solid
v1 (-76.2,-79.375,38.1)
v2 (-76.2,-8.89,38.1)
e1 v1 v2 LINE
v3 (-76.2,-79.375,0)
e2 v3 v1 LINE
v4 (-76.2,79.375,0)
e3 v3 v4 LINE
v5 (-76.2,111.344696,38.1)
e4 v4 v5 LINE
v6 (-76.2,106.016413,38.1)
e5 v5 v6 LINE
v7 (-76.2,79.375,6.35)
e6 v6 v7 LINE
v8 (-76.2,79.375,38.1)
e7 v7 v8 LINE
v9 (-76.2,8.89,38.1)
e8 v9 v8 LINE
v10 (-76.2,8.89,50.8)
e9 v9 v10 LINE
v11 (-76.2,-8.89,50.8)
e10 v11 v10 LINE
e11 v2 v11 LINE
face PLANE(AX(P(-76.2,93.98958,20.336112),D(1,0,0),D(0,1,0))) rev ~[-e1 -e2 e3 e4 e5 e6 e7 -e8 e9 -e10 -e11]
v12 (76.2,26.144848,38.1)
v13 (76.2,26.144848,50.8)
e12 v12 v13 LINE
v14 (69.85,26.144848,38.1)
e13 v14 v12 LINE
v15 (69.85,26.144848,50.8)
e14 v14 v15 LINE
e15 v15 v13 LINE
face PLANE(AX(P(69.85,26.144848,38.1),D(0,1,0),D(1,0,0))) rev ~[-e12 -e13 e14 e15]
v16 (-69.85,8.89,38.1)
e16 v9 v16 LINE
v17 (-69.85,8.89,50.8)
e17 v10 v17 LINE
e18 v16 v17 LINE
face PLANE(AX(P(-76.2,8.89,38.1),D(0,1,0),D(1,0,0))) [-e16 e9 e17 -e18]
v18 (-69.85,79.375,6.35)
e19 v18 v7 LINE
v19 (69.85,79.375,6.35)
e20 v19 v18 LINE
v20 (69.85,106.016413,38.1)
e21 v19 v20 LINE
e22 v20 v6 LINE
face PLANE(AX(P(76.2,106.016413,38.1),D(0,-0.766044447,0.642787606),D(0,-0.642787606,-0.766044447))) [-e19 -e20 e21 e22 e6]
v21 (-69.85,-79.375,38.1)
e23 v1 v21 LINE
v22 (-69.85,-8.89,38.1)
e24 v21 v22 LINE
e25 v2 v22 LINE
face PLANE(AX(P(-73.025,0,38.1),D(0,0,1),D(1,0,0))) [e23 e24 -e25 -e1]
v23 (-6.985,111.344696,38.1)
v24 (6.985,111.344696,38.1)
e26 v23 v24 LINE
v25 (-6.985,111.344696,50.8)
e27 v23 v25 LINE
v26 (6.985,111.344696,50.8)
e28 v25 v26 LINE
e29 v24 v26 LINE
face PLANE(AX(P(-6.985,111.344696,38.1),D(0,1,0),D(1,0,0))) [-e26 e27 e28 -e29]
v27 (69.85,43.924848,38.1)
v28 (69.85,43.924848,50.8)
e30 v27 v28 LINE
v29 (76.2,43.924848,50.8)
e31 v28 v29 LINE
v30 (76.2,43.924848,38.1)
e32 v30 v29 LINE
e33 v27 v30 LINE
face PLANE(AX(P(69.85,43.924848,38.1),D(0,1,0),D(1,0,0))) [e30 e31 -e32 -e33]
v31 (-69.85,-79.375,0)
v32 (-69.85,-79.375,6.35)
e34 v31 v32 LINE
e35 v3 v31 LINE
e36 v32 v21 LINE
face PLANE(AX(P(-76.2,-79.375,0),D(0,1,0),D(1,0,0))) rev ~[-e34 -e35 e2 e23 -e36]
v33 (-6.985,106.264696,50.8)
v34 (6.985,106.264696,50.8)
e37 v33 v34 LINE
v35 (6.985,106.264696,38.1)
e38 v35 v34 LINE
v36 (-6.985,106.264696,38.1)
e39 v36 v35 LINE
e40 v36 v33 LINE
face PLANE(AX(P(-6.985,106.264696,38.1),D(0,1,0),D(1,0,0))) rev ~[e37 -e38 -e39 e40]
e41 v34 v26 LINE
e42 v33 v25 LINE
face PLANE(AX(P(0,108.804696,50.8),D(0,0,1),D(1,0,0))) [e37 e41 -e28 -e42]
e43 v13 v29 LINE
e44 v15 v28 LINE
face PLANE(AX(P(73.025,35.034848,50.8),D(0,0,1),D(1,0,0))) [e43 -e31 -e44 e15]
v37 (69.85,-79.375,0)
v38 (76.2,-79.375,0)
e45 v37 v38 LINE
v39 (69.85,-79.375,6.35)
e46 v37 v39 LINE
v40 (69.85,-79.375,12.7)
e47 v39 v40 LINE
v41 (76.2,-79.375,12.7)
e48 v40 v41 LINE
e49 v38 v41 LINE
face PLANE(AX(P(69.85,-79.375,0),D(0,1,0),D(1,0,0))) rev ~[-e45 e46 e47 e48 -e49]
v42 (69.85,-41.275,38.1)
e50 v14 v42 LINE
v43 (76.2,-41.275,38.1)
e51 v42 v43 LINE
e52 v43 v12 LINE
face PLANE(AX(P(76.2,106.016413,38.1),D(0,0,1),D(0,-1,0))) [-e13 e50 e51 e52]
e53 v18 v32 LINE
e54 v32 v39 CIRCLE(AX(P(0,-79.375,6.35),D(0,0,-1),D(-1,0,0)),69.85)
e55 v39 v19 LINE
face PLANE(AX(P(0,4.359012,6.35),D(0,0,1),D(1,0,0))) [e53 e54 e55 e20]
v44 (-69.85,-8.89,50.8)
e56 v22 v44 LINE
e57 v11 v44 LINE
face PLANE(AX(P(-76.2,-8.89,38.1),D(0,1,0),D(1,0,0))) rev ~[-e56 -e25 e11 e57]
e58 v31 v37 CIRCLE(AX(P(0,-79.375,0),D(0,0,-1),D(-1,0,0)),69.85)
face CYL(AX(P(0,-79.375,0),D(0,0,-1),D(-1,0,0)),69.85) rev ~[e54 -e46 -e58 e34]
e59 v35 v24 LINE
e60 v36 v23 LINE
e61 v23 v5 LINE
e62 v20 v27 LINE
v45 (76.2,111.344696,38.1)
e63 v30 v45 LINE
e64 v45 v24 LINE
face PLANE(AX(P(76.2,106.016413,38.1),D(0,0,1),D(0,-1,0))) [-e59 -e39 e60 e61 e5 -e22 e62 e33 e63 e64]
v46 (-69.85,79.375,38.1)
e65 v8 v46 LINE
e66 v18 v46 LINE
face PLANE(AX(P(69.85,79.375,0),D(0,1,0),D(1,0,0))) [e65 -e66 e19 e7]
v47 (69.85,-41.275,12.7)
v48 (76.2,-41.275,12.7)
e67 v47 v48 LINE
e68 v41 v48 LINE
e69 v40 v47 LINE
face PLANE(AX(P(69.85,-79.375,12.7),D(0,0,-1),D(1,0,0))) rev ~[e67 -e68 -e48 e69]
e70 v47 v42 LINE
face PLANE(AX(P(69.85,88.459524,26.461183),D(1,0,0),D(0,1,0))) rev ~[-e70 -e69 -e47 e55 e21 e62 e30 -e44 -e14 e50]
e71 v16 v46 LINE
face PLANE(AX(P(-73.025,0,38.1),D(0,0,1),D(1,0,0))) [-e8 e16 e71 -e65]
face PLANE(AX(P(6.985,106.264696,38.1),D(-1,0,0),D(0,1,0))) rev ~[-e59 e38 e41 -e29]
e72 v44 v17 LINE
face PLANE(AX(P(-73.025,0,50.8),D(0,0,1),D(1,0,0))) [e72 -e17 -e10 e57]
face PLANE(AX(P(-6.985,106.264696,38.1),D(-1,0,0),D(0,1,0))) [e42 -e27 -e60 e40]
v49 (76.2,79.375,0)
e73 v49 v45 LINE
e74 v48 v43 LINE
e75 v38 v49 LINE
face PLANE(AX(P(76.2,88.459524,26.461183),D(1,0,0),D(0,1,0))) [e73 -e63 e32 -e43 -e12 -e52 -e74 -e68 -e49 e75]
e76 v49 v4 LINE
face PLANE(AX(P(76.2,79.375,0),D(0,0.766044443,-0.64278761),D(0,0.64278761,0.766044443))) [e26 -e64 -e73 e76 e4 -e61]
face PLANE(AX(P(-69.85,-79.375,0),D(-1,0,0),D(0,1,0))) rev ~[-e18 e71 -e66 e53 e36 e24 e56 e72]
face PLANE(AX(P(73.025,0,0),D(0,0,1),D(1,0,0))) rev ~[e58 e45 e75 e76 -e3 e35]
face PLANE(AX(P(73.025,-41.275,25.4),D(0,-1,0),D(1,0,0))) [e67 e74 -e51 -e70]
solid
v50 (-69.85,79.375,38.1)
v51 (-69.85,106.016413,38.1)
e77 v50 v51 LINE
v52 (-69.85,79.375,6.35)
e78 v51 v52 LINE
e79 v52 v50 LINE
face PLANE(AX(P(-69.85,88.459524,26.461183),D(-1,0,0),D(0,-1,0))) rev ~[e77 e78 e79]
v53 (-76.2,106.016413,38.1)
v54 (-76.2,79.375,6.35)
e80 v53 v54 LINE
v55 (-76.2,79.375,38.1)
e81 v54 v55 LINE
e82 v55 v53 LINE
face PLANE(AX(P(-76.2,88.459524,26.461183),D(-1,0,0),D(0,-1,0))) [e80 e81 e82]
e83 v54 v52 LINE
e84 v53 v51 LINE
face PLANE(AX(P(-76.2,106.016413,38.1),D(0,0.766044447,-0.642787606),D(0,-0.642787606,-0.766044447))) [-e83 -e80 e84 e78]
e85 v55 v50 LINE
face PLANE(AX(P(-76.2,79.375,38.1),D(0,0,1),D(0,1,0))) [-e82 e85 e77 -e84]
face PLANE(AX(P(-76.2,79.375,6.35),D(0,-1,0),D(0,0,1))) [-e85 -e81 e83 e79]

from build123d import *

# Parameters (mm, degrees)
F1_DEPTH  = 6.35
F0_W      = 6.35
F0_H      = 158.75
F2_DEPTH  = 38.1
F4_DEPTH  = 152.4
F5_DEPTH  = 6.35
F7_DEPTH  = 6.35
F8_W      = 6.35
F8_H      = 25.4
F9_DEPTH  = 38.1
F11_W     = 6.35
F11_H     = 17.78
F10_W     = 6.35
F10_H     = 17.78
F10_W_2   = 13.97
F10_H_2   = 5.08
F12_DEPTH = 12.7


with BuildPart() as f1:
    # F0 (on Top) → F1 (new body)
    with BuildSketch(Plane.XY):
        with BuildLine():
            Line((69.85, -79.375), (69.85, 79.375))
            Line((69.85, 79.375), (-69.85, 79.375))
            Line((-69.85, 79.375), (-69.85, -79.375))
            ThreePointArc((-69.85, -79.375), (0, -9.525), (69.85, -79.375))
        make_face()
    extrude(amount=F1_DEPTH)

    # F0 (on Top) → F2 (join)
    with BuildSketch(Plane.XY):
        with Locations((73.025, 0)):
            Rectangle(F0_W, F0_H)
        with Locations((-73.025, 0)):
            Rectangle(F0_W, F0_H)
    extrude(amount=F2_DEPTH)

    # F3 (on face) → F4 (join)
    with BuildSketch(Plane.YZ.offset(76.2)):
        Polygon((79.375, 6.35), (79.375, 0), (111.344696, 38.1), (106.016413, 38.1), align=None)
    extrude(amount=-F4_DEPTH)

    # F3 (on face) → F5 (join)
    with BuildSketch(Plane.YZ.offset(76.2)):
        Polygon((79.375, 38.1), (79.375, 6.35), (106.016413, 38.1), align=None)
    extrude(amount=-F5_DEPTH)

    # F8 (on face) → F9 (cut)
    with BuildSketch(Plane.XZ.offset(79.375)):
        with Locations((73.025, 25.4)):
            Rectangle(F8_W, F8_H)
    extrude(amount=-F9_DEPTH, mode=Mode.SUBTRACT)

    # F11 (on face) + F10 (on face) → F12 (join)
    with BuildSketch(Plane.XY.offset(38.1)):
        with Locations((-73.025, 0)):
            Rectangle(F11_W, F11_H)
    with BuildSketch(Plane.XY.offset(38.1)):
        with Locations((73.025, 35.034848)):
            Rectangle(F10_W, F10_H)
        with Locations((0, 108.804696)):
            Rectangle(F10_W_2, F10_H_2)
    extrude(amount=F12_DEPTH)


with BuildPart() as f7:
    # F6 (on face) → F7 (new body)
    with BuildSketch(Plane(origin=(-76.2, 0, 0), x_dir=(0, -1, 0), z_dir=(-1, 0, 0))):
        Polygon((-79.375, 6.35), (-79.375, 38.1), (-106.016413, 38.1), align=None)
    extrude(amount=-F7_DEPTH)


solid = Compound([f1.part, f7.part])
